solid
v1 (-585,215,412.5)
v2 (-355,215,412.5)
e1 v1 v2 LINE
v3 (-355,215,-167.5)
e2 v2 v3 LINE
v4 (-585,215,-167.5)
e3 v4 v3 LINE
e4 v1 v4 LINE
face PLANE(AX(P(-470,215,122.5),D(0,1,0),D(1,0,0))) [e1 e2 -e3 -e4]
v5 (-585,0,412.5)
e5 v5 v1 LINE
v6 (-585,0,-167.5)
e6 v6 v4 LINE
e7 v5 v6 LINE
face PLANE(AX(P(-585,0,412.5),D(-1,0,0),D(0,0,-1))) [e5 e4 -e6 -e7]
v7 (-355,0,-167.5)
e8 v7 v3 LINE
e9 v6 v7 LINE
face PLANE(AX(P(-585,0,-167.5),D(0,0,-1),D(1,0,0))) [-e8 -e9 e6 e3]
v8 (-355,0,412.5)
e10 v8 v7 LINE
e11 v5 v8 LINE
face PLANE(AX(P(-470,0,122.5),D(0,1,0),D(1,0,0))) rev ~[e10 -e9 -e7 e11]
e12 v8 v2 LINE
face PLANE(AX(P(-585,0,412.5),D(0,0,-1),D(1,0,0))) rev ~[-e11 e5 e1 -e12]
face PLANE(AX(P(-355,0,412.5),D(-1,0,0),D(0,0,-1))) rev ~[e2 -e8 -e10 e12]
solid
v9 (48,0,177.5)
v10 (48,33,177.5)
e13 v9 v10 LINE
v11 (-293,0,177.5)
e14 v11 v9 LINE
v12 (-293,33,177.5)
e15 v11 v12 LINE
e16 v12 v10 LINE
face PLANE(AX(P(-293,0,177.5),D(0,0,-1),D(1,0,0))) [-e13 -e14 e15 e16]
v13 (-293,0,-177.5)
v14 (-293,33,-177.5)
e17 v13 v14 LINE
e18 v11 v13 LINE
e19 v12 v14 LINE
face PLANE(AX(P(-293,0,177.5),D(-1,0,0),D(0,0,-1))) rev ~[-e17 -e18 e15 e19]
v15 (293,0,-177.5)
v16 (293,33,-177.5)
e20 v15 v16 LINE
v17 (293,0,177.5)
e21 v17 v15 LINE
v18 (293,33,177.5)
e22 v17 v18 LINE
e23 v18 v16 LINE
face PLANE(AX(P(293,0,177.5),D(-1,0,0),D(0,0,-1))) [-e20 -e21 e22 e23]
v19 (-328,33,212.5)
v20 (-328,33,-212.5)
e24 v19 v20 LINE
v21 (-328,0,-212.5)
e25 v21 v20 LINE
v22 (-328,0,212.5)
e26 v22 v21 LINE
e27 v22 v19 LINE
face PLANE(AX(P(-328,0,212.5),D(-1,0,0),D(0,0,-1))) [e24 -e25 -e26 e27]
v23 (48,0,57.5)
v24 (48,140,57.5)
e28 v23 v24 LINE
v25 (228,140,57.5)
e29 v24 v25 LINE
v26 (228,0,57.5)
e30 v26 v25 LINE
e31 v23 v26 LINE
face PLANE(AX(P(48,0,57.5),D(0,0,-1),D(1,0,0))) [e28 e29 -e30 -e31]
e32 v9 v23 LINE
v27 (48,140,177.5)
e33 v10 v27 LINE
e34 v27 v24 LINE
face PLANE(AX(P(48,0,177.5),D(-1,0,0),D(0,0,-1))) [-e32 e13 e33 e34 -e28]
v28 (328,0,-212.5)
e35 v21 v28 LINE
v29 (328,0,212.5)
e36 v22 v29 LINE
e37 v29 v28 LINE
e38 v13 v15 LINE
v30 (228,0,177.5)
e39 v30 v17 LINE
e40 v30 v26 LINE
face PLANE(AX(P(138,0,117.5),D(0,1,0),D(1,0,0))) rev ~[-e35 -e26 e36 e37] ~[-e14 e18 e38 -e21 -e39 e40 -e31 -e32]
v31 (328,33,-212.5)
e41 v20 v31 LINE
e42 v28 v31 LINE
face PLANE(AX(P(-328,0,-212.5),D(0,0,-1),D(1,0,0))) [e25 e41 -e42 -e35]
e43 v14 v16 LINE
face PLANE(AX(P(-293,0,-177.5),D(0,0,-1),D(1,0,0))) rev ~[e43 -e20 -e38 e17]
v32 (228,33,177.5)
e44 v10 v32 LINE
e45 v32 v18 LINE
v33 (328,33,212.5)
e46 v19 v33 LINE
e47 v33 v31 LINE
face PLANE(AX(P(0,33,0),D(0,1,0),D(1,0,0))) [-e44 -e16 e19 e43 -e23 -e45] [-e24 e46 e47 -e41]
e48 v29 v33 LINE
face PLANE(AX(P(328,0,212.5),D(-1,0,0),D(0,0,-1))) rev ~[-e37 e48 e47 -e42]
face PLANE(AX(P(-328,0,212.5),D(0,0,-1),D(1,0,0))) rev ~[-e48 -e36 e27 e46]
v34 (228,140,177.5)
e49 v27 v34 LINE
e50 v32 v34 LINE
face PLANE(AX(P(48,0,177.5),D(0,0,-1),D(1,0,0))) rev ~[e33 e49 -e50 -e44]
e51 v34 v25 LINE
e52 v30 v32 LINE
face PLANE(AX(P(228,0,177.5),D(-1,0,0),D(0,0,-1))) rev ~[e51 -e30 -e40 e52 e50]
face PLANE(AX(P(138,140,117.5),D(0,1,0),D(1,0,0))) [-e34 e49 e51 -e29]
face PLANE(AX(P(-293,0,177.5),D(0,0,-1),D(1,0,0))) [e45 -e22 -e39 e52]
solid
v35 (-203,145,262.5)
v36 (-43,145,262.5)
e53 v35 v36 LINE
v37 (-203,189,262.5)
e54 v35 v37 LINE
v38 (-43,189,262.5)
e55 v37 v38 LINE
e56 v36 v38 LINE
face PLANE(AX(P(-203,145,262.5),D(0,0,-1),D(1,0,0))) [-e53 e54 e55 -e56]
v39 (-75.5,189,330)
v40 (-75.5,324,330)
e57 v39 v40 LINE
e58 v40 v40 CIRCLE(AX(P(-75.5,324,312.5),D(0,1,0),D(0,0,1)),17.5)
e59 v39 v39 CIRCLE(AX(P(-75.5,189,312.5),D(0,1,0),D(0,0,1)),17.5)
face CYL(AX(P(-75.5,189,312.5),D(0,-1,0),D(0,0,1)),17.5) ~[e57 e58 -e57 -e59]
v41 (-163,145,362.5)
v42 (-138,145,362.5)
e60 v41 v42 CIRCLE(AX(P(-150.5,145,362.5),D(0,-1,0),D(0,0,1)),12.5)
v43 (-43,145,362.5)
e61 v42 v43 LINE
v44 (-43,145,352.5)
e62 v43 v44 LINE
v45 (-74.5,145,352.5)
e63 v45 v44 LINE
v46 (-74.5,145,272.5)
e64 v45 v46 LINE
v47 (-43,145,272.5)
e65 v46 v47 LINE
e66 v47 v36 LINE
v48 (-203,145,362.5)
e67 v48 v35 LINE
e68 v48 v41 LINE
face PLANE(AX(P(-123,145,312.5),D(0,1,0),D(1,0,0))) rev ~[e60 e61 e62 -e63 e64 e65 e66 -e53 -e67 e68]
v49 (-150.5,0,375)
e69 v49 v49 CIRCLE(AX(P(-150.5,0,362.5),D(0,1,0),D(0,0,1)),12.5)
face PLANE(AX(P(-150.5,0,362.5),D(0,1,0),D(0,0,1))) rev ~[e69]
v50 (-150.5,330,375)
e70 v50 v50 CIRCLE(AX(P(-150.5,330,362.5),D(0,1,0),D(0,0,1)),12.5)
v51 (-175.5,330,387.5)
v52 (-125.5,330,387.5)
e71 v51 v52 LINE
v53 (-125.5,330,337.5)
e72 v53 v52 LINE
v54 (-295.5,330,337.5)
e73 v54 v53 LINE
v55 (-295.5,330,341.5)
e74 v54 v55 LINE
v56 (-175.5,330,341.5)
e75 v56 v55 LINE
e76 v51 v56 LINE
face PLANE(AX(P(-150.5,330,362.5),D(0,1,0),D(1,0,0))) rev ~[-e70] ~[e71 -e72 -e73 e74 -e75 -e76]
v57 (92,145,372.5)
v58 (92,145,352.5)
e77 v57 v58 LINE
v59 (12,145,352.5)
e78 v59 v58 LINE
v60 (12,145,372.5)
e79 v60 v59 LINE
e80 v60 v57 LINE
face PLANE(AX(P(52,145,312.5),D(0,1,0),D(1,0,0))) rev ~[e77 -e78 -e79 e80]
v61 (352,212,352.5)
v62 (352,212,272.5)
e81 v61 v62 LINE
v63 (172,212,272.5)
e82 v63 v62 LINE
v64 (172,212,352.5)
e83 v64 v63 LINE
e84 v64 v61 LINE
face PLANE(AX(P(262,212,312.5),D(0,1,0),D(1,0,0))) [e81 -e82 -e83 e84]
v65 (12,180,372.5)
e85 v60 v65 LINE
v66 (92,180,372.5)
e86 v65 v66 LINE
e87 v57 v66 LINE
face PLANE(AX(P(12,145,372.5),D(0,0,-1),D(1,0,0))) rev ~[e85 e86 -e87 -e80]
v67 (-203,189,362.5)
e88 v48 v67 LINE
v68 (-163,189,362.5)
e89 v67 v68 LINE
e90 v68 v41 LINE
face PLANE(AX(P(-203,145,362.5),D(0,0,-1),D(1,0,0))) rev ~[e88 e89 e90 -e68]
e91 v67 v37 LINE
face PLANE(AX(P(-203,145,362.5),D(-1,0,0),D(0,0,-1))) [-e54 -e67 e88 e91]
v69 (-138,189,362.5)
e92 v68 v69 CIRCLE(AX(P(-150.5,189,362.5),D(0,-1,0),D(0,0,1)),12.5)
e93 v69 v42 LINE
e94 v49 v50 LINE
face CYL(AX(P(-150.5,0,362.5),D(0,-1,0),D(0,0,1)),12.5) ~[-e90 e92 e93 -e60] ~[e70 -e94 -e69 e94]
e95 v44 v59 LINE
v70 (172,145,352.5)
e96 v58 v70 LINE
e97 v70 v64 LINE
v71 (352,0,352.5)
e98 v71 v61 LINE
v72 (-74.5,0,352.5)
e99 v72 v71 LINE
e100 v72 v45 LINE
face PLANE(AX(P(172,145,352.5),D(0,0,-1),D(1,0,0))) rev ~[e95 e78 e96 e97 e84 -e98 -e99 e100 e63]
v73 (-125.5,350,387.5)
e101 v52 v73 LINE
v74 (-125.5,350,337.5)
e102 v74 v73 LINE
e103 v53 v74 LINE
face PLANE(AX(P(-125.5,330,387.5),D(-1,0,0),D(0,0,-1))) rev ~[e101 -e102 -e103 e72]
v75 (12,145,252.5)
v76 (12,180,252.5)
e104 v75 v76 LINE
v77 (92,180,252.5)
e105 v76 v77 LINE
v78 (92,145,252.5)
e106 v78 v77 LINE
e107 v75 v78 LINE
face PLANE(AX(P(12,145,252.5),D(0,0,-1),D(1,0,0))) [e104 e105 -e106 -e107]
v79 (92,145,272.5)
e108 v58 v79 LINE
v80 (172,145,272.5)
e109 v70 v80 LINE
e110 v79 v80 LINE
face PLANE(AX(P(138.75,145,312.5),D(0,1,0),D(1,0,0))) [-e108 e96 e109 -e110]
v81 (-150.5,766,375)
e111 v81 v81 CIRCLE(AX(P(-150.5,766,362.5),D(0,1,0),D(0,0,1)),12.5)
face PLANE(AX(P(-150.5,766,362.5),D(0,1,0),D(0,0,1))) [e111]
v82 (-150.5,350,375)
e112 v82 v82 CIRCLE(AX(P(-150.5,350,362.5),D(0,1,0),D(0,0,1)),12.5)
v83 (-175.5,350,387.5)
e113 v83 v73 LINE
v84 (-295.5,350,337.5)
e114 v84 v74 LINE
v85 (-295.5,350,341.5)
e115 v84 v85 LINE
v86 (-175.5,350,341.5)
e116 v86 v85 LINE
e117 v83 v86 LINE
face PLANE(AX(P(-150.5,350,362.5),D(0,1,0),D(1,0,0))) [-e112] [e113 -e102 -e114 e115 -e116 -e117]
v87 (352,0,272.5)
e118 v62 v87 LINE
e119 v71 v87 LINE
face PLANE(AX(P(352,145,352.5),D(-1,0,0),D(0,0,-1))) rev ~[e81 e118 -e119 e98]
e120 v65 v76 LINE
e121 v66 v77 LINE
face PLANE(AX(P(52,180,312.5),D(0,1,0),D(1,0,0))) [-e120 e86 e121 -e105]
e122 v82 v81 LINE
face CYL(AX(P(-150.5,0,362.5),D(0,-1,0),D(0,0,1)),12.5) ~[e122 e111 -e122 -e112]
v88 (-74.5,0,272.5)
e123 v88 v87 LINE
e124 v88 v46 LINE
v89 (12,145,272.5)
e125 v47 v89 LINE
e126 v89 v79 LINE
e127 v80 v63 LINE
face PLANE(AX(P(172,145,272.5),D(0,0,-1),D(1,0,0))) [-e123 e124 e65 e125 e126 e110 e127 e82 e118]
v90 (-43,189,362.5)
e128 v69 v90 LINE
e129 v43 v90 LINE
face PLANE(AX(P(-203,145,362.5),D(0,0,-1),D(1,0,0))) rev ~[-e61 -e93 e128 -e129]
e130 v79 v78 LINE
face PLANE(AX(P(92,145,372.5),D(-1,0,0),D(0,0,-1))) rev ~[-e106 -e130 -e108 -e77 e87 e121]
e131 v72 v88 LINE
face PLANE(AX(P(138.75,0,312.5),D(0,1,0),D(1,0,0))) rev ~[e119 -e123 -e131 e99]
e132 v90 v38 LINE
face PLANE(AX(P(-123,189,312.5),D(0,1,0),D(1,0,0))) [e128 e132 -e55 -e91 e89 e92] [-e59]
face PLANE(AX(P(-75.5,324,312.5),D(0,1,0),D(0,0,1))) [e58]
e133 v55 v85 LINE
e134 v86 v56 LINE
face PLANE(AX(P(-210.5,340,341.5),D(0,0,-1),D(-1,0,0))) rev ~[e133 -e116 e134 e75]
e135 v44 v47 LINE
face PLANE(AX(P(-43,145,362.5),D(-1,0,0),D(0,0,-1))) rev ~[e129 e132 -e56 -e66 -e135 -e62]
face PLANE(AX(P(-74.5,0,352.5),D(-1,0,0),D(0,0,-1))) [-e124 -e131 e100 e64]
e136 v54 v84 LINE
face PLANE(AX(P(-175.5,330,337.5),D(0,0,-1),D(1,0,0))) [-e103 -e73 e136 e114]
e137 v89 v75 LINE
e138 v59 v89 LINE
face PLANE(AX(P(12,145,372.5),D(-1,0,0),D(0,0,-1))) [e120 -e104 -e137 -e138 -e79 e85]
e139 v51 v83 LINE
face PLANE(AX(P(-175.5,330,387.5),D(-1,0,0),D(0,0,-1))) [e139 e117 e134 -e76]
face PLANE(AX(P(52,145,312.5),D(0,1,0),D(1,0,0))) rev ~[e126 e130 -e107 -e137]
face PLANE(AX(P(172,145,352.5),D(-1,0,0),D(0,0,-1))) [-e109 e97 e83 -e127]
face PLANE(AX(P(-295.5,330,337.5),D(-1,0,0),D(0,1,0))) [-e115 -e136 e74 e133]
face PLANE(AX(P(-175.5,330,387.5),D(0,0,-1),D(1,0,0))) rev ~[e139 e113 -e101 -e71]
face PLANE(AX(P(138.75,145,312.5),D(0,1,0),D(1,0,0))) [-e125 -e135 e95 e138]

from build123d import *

# Parameters (mm, degrees)
SKETCH1_W            = 656
SKETCH1_H            = 425
SKETCH1_W_2          = 586
SKETCH1_H_2          = 355
BOSS_EXTRUDE1_DEPTH  = 33
SKETCH2_W            = 180
SKETCH2_H            = 120
BOSS_EXTRUDE2_DEPTH  = 140
SKETCH4_W            = 426.5
SKETCH4_H            = 80
BOSS_EXTRUDE3_DEPTH  = 145
SKETCH5_W            = 180
SKETCH5_H            = 80
BOSS_EXTRUDE4_DEPTH  = 67
SKETCH6_W            = 80
SKETCH6_H            = 120
BOSS_EXTRUDE5_DEPTH  = 35
SKETCH7_W            = 160
SKETCH7_H            = 100
BOSS_EXTRUDE6_DEPTH  = 44
SKETCH8_R            = 17.5
BOSS_EXTRUDE7_DEPTH  = 135
SKETCH10_W           = 230
SKETCH10_H           = 580
BOSS_EXTRUDE8_DEPTH  = 215
SKETCH9_R            = 12.5
BOSS_EXTRUDE9_DEPTH  = 766
SKETCH11_W           = 50
SKETCH11_H           = 50
SKETCH11_R           = 12.5
BOSS_EXTRUDE10_DEPTH = 20
SKETCH12_W           = 170
SKETCH12_H           = 20
BOSS_EXTRUDE11_DEPTH = 4


with BuildPart() as part:
    # Sketch1 → Boss-Extrude1 (new body)
    with BuildSketch(Plane(origin=(0, 0, 0), x_dir=(1, 0, 0), z_dir=(0, 1, 0))):
        Rectangle(SKETCH1_W, SKETCH1_H)
        Rectangle(SKETCH1_W_2, SKETCH1_H_2, mode=Mode.SUBTRACT)
    extrude(amount=BOSS_EXTRUDE1_DEPTH)

    # Sketch2 → Boss-Extrude2 (add)
    with BuildSketch(Plane(origin=(0, 0, 0), x_dir=(1, 0, 0), z_dir=(0, 1, 0))):
        with Locations((138, -117.5)):
            Rectangle(SKETCH2_W, SKETCH2_H)
    extrude(amount=BOSS_EXTRUDE2_DEPTH)


with BuildPart() as body_2:
    # Sketch4 → Boss-Extrude3 (new body)
    with BuildSketch(Plane(origin=(0, 0, 0), x_dir=(1, 0, 0), z_dir=(0, 1, 0))):
        with Locations((138.75, -312.5)):
            Rectangle(SKETCH4_W, SKETCH4_H)
    extrude(amount=BOSS_EXTRUDE3_DEPTH)

    # Sketch5 → Boss-Extrude4 (add)
    with BuildSketch(Plane(origin=(0, 145, 0), x_dir=(1, 0, 0), z_dir=(0, 1, 0))):
        with Locations((262, -312.5)):
            Rectangle(SKETCH5_W, SKETCH5_H)
    extrude(amount=BOSS_EXTRUDE4_DEPTH)

    # Sketch6 → Boss-Extrude5 (add)
    with BuildSketch(Plane(origin=(0, 145, 0), x_dir=(1, 0, 0), z_dir=(0, 1, 0))):
        with Locations((52, -312.5)):
            Rectangle(SKETCH6_W, SKETCH6_H)
    extrude(amount=BOSS_EXTRUDE5_DEPTH)

    # Sketch7 → Boss-Extrude6 (add)
    with BuildSketch(Plane(origin=(0, 145, 0), x_dir=(1, 0, 0), z_dir=(0, 1, 0))):
        with Locations((-123, -312.5)):
            Rectangle(SKETCH7_W, SKETCH7_H)
    extrude(amount=BOSS_EXTRUDE6_DEPTH)

    # Sketch8 → Boss-Extrude7 (add)
    with BuildSketch(Plane(origin=(0, 189, 0), x_dir=(1, 0, 0), z_dir=(0, 1, 0))):
        with Locations((-75.5, -312.5)):
            Circle(SKETCH8_R)
    extrude(amount=BOSS_EXTRUDE7_DEPTH)

    # Sketch9 → Boss-Extrude9 (add)
    with BuildSketch(Plane(origin=(0, 0, 0), x_dir=(1, 0, 0), z_dir=(0, 1, 0))):
        with Locations((-150.5, -362.5)):
            Circle(SKETCH9_R)
    extrude(amount=BOSS_EXTRUDE9_DEPTH)

    # Sketch11 → Boss-Extrude10 (add)
    with BuildSketch(Plane(origin=(0, 330, 0), x_dir=(1, 0, 0), z_dir=(0, 1, 0))):
        with Locations((-150.5, -362.5)):
            Rectangle(SKETCH11_W, SKETCH11_H)
        with Locations((-150.5, -362.5)):
            Circle(SKETCH11_R, mode=Mode.SUBTRACT)
    extrude(amount=BOSS_EXTRUDE10_DEPTH)

    # Sketch12 → Boss-Extrude11 (add)
    with BuildSketch(Plane(origin=(0, 0, 337.5), x_dir=(-1, 0, 0), z_dir=(0, 0, -1))):
        with Locations((210.5, 340)):
            Rectangle(SKETCH12_W, SKETCH12_H)
    extrude(amount=-BOSS_EXTRUDE11_DEPTH)


with BuildPart() as body_3:
    # Sketch10 → Boss-Extrude8 (new body)
    with BuildSketch(Plane(origin=(0, 0, 0), x_dir=(1, 0, 0), z_dir=(0, 1, 0))):
        with Locations((-470, -122.5)):
            Rectangle(SKETCH10_W, SKETCH10_H)
    extrude(amount=BOSS_EXTRUDE8_DEPTH)


solid = Compound([part.part, body_2.part, body_3.part])
